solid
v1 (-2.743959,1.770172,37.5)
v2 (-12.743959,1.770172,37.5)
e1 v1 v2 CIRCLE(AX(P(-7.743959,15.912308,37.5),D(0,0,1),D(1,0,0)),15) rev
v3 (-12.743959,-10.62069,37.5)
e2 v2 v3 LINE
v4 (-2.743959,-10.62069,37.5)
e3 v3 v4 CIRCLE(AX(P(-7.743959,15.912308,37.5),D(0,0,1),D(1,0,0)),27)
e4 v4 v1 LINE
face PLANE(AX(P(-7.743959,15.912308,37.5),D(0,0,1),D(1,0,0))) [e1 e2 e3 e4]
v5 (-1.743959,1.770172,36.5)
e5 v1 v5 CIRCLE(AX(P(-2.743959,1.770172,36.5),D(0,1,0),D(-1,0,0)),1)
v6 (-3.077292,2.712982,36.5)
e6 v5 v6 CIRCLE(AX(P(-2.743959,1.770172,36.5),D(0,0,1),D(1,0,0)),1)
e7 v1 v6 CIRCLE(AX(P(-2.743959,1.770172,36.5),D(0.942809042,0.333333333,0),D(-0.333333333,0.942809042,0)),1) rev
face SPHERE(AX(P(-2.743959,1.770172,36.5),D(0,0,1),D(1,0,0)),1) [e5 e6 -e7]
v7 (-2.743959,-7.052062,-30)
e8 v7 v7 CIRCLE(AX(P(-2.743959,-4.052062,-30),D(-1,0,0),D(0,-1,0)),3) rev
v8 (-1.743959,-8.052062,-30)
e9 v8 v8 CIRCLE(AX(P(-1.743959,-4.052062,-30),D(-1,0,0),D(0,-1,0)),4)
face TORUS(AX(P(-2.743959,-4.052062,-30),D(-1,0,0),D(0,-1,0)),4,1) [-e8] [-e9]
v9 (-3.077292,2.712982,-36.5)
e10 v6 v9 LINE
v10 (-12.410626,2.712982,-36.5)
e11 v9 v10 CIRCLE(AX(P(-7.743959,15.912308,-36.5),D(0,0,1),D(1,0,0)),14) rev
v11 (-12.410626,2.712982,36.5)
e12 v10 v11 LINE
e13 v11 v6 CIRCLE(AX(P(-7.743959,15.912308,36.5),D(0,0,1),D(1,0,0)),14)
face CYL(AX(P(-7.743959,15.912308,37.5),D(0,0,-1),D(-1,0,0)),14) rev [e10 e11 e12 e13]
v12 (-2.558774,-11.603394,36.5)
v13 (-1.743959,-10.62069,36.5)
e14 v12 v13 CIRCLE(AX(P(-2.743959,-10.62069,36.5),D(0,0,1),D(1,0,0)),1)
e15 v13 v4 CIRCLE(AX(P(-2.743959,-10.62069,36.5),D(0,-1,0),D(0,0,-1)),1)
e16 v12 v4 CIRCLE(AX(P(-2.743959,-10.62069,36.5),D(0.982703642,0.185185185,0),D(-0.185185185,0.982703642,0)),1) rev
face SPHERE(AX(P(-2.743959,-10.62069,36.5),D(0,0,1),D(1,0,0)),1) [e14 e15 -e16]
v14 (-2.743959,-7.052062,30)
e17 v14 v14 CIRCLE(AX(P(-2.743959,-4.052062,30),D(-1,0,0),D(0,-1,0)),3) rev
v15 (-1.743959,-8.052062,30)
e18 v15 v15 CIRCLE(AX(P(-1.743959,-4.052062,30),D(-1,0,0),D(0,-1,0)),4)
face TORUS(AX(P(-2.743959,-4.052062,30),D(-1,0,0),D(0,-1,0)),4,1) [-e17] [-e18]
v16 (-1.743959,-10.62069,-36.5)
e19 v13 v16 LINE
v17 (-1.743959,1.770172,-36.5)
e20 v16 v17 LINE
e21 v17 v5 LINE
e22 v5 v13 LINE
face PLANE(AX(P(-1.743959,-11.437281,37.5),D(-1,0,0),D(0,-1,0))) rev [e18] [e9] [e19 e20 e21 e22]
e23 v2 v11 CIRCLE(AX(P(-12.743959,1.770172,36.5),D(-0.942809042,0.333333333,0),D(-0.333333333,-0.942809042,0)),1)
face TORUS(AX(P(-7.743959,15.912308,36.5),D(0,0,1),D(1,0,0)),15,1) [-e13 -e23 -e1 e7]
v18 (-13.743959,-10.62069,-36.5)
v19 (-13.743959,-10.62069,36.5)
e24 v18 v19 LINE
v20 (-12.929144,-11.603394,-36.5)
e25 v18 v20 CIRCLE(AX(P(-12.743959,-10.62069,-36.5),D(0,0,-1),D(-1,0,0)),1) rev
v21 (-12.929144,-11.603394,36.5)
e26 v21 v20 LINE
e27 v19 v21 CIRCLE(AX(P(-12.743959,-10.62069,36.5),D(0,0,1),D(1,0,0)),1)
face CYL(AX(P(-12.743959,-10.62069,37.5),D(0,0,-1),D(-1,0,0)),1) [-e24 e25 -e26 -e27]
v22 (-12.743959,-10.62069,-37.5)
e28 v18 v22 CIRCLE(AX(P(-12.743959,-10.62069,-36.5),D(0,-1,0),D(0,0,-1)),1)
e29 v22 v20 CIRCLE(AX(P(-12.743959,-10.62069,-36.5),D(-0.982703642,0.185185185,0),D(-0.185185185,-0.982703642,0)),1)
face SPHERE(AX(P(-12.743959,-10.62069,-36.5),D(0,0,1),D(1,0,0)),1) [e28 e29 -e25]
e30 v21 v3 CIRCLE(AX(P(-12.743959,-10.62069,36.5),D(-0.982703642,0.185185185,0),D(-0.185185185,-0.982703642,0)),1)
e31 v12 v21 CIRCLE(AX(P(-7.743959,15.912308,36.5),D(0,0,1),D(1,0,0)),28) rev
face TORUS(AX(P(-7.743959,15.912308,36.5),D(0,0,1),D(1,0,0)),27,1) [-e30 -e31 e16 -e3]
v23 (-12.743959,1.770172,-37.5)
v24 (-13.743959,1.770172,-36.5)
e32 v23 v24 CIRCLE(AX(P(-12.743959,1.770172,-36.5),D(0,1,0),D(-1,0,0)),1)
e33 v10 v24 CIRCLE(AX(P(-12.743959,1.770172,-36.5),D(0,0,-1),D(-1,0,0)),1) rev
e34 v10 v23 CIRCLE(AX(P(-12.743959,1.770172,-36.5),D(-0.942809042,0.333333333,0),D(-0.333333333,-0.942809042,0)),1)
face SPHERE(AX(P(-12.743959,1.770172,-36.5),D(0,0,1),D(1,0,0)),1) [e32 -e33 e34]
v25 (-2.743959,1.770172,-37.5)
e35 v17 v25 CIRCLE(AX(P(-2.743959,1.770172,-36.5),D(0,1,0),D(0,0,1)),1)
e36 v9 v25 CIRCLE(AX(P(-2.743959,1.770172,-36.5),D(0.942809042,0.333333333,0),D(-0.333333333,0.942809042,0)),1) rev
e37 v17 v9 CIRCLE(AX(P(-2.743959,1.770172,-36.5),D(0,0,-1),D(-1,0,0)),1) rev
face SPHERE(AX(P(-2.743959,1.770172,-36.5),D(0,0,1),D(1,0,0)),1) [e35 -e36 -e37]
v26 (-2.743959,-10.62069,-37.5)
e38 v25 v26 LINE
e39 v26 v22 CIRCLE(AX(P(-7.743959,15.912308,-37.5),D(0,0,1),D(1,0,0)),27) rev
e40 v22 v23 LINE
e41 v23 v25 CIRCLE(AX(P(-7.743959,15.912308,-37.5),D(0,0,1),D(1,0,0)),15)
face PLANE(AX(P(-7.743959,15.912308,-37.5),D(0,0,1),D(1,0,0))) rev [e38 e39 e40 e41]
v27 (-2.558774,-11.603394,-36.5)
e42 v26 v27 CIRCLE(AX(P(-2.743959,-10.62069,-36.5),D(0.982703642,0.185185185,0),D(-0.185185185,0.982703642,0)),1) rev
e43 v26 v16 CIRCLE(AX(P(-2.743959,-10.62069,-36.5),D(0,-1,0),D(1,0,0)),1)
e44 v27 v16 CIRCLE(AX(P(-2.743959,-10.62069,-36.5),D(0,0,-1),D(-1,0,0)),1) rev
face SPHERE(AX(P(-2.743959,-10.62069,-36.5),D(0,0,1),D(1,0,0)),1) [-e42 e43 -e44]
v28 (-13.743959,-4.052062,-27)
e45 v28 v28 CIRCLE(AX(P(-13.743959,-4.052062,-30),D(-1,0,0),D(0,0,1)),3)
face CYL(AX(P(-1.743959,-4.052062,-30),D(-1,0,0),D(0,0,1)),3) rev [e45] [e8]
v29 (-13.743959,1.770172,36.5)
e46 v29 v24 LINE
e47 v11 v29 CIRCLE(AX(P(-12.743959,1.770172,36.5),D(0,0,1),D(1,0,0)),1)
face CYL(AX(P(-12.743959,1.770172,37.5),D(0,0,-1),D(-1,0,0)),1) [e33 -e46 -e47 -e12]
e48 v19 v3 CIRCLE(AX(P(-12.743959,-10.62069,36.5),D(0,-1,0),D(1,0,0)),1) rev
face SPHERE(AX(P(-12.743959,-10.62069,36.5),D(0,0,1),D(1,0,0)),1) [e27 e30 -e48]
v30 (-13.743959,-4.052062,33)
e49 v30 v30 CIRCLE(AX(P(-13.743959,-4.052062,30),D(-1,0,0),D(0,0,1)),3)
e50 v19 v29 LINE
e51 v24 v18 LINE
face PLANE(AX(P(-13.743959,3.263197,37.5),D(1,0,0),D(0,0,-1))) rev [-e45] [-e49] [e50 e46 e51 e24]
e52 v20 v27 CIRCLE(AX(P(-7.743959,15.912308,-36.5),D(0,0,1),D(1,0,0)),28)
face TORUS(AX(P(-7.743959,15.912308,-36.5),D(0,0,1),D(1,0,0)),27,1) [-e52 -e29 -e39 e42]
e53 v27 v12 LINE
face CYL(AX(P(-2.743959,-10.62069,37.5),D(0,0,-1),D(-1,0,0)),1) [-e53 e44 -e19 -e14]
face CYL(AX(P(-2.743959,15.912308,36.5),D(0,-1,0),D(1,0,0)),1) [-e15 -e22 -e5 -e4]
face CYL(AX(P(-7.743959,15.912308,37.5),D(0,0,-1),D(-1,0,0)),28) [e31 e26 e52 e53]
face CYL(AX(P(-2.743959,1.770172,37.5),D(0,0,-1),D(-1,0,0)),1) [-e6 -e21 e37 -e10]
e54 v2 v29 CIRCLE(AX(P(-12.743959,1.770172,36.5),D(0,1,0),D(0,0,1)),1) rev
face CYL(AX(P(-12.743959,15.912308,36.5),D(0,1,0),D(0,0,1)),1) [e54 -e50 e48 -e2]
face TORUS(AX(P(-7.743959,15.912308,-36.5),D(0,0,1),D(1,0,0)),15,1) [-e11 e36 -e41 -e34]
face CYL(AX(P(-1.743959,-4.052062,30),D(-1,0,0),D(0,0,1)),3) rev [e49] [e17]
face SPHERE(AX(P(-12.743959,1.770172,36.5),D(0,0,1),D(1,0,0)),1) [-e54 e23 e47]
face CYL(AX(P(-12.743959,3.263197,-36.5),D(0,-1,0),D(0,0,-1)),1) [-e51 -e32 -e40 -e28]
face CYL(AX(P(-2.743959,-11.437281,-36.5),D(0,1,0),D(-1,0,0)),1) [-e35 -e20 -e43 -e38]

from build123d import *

# Parameters (mm, degrees)
EXTRUDE_1_DEPTH     = 37.5
SKETCH_2_R          = 3
CUT_EXTRUDE_1_DEPTH = 42.186918984
FILLET_1_R          = 1


with BuildPart() as part:
    # 草图1 → 凸台-拉伸1 (new, symmetric)
    with BuildSketch(Plane.XY):
        with BuildLine():
            Line((-13.74395899, 3.263197464), (-13.74395899, -11.437280558))
            ThreePointArc((-13.74395899, -11.437280558), (-7.74395899, -12.087691895), (-1.74395899, -11.437280558))
            Line((-1.74395899, -11.437280558), (-1.74395899, 3.263197464))
            ThreePointArc((-1.74395899, 3.263197464), (-7.74395899, 1.912308105), (-13.74395899, 3.263197464))
        make_face()
    extrude(amount=EXTRUDE_1_DEPTH, both=True)

    # 草图2 → 切除-拉伸1 (cut, through all)
    with BuildSketch(Plane.ZY.offset(13.74395899)):
        with Locations((30, -4.052061943)):
            Circle(SKETCH_2_R)
        with Locations((-30, -4.052061943)):
            Circle(SKETCH_2_R)
    extrude(amount=-CUT_EXTRUDE_1_DEPTH, mode=Mode.SUBTRACT)

    # 圆角1
    fillet_1_edges = [part.edges().sort_by_distance(p)[0] for p in [
        (-7.74395899, -12.087691895, 37.5),
        (-1.74395899, -4.087041547, 37.5),
        (-1.74395899, -4.052061943, 27),
        (-1.74395899, -4.052061943, -33),
        (-7.74395899, 1.912308105, 37.5),
        (-1.74395899, -4.087041547, -37.5),
        (-7.74395899, -12.087691895, -37.5),
        (-13.74395899, -4.087041547, -37.5),
        (-7.74395899, 1.912308105, -37.5),
        (-13.74395899, -4.087041547, 37.5),
        (-1.74395899, 3.263197464, 0),
        (-1.74395899, -11.437280558, 0),
        (-13.74395899, -11.437280558, 0),
        (-13.74395899, 3.263197464, 0),
    ]]
    fillet(fillet_1_edges, radius=FILLET_1_R)


solid = part.part
